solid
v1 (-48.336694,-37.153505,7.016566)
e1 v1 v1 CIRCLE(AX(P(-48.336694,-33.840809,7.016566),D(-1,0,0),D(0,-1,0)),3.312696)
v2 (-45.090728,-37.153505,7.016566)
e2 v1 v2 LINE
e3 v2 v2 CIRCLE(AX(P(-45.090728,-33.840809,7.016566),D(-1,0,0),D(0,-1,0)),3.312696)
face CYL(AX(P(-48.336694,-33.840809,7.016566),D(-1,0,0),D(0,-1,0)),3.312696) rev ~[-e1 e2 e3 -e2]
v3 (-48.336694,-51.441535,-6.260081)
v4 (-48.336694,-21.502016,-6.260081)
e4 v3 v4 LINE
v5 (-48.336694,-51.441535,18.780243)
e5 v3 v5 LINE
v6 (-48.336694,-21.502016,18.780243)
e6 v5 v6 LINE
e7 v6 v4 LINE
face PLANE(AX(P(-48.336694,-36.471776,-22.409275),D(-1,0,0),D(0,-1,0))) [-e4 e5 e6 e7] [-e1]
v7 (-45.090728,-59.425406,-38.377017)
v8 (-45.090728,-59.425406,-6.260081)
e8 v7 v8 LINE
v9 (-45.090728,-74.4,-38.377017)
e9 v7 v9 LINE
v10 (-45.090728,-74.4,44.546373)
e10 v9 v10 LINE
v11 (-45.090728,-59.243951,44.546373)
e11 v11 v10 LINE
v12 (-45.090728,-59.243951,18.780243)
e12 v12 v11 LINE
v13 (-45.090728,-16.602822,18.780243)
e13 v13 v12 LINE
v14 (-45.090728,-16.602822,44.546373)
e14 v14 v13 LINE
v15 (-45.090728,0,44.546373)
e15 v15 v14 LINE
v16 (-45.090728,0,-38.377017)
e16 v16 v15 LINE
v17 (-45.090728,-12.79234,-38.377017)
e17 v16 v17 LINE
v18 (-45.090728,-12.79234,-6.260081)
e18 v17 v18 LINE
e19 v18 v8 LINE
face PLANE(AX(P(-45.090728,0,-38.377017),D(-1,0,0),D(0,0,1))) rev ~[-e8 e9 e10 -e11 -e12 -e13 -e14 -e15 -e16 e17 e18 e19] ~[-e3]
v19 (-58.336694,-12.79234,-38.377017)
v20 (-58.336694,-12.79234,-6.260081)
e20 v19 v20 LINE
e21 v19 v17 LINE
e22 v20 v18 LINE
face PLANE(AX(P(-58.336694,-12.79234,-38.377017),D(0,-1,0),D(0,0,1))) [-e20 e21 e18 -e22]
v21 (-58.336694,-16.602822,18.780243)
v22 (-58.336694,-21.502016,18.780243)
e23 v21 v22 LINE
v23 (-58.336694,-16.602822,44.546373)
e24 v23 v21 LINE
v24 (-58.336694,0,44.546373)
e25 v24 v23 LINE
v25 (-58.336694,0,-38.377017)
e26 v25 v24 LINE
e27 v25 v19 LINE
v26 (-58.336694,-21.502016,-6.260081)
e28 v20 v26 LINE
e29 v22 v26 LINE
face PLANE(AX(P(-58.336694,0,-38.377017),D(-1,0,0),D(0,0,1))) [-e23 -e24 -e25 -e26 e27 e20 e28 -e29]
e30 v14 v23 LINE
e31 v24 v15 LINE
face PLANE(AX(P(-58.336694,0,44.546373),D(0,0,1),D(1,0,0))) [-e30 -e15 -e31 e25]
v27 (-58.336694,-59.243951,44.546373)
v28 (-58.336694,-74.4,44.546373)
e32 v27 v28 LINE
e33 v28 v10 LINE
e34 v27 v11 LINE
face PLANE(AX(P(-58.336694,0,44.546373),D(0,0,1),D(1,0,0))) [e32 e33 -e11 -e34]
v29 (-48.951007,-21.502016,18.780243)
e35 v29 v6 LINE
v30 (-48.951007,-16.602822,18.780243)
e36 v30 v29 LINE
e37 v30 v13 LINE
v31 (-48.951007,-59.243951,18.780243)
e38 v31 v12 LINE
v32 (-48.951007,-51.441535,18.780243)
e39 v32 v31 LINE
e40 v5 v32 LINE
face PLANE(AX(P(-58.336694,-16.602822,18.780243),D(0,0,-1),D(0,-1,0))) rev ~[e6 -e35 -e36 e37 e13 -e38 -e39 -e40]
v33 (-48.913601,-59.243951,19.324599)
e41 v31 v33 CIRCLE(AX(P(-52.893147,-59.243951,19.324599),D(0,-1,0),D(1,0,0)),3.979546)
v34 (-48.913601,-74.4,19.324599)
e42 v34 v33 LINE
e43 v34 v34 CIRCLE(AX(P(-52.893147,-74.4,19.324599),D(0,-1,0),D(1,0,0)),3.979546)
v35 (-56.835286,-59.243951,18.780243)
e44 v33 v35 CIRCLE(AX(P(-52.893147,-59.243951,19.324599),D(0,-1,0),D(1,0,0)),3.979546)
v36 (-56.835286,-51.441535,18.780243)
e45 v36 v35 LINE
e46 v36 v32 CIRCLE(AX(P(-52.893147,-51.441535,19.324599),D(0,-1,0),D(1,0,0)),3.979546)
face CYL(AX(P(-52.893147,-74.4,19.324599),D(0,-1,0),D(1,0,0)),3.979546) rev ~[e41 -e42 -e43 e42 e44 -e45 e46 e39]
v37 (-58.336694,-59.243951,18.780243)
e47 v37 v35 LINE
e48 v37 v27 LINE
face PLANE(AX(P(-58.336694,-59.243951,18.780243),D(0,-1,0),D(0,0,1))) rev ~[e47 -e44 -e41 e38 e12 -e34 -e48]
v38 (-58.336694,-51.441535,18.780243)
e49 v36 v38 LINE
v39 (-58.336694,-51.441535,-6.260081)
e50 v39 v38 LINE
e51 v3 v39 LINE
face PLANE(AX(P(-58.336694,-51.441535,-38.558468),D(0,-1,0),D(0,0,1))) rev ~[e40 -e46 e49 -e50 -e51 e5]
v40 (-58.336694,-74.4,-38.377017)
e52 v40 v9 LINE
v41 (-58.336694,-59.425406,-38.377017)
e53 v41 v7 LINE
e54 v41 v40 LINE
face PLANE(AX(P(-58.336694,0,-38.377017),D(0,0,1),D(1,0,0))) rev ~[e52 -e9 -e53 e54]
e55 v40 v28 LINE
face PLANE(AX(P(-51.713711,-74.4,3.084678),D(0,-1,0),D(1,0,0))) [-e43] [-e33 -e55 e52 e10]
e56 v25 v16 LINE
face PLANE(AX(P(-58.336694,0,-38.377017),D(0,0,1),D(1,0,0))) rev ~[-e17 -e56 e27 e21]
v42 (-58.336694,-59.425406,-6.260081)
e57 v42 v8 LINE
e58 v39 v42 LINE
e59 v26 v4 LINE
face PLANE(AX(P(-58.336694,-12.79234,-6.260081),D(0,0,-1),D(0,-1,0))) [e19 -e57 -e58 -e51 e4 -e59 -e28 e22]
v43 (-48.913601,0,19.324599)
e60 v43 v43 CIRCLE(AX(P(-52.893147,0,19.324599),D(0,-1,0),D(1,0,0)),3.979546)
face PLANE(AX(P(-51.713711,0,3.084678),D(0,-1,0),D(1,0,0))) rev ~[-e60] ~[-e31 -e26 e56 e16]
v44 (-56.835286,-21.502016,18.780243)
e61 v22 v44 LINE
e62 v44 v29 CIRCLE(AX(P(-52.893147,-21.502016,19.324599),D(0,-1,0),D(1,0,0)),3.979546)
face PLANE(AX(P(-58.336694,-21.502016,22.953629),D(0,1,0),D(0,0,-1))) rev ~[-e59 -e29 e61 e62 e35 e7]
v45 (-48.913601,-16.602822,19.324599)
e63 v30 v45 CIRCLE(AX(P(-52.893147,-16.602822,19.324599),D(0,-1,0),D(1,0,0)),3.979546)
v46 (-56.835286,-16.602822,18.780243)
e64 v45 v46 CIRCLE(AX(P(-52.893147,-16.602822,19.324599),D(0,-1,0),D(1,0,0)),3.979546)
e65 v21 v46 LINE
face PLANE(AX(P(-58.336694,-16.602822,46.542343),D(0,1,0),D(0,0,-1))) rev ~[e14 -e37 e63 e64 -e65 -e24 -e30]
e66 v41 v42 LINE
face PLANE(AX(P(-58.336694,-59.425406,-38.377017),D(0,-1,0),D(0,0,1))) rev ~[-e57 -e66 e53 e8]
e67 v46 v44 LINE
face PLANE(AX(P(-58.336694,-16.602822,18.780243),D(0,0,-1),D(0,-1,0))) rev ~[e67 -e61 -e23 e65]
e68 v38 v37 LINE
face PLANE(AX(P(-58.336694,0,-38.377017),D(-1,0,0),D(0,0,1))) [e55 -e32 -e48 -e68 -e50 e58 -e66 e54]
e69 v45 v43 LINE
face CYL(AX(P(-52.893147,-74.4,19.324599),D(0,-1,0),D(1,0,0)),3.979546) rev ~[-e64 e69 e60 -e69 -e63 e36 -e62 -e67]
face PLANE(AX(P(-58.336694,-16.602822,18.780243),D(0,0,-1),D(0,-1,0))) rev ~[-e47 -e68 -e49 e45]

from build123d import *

# Parameters (mm, degrees)
F0_W     = 13.2459662855
F0_H     = 82.9233899713
F1_DEPTH = 74.4
F2_W     = 42.6411293447
F2_H     = 25.7661305368
F2_W_2   = 46.6330666095
F2_H_2   = 32.1169355884
F2_H_3   = 1.9959695637
F3_DEPTH = 25
F4_W     = 29.9395192415
F4_H     = 32.2983870283
F4_H_2   = 4.173386842
F4_H_3   = 25.040323846
F5_DEPTH = 10
F6_R     = 3.9795460227
F7_DEPTH = 90.9
F8_R     = 3.3126964472
F9_DEPTH = 59.4


with BuildPart() as f1:
    # F0 (on Front) → F1 (new body)
    with BuildSketch(Plane.XZ):
        with Locations((-51.7137106508, 3.0846782029)):
            Rectangle(F0_W, F0_H)
    extrude(amount=F1_DEPTH)

    # F2 (on face) → F3 (cut)
    with BuildSketch(Plane(origin=(-58.3366937935, 0, 0), x_dir=(0, -1, 0), z_dir=(-1, 0, 0))):
        with Locations((37.9233863205, 31.6633079201)):
            Rectangle(F2_W, F2_H)
        with Locations((36.1088728532, -22.3185489886)):
            Rectangle(F2_W_2, F2_H_2)
        with Locations((37.9233863205, 45.5443579704)):
            Rectangle(F2_W, F2_H_3)
    extrude(amount=-F3_DEPTH, mode=Mode.SUBTRACT)

    # F4 (on face) → F5 (cut)
    with BuildSketch(Plane(origin=(-58.3366937935, 0, 0), x_dir=(0, -1, 0), z_dir=(-1, 0, 0))):
        with Locations((36.4717757329, -22.4092747085)):
            Rectangle(F4_W, F4_H)
        with Locations((36.4717757329, 20.8669360727)):
            Rectangle(F4_W, F4_H_2)
        with Locations((36.4717757329, 6.2600807287)):
            Rectangle(F4_W, F4_H_3)
    extrude(amount=-F5_DEPTH, mode=Mode.SUBTRACT)

    # F6 (on face) → F7 (cut)
    with BuildSketch(Plane.XZ.offset(74.4)):
        with Locations((-52.8931468725, 19.3245988339)):
            Circle(F6_R)
    extrude(amount=-F7_DEPTH, mode=Mode.SUBTRACT)

    # F8 (on face) → F9 (cut)
    with BuildSketch(Plane(origin=(-48.3366937935, 0, 0), x_dir=(0, -1, 0), z_dir=(-1, 0, 0))):
        with Locations((33.8408090174, 7.0165661164)):
            Circle(F8_R)
    extrude(amount=-F9_DEPTH, mode=Mode.SUBTRACT)


solid = f1.part
